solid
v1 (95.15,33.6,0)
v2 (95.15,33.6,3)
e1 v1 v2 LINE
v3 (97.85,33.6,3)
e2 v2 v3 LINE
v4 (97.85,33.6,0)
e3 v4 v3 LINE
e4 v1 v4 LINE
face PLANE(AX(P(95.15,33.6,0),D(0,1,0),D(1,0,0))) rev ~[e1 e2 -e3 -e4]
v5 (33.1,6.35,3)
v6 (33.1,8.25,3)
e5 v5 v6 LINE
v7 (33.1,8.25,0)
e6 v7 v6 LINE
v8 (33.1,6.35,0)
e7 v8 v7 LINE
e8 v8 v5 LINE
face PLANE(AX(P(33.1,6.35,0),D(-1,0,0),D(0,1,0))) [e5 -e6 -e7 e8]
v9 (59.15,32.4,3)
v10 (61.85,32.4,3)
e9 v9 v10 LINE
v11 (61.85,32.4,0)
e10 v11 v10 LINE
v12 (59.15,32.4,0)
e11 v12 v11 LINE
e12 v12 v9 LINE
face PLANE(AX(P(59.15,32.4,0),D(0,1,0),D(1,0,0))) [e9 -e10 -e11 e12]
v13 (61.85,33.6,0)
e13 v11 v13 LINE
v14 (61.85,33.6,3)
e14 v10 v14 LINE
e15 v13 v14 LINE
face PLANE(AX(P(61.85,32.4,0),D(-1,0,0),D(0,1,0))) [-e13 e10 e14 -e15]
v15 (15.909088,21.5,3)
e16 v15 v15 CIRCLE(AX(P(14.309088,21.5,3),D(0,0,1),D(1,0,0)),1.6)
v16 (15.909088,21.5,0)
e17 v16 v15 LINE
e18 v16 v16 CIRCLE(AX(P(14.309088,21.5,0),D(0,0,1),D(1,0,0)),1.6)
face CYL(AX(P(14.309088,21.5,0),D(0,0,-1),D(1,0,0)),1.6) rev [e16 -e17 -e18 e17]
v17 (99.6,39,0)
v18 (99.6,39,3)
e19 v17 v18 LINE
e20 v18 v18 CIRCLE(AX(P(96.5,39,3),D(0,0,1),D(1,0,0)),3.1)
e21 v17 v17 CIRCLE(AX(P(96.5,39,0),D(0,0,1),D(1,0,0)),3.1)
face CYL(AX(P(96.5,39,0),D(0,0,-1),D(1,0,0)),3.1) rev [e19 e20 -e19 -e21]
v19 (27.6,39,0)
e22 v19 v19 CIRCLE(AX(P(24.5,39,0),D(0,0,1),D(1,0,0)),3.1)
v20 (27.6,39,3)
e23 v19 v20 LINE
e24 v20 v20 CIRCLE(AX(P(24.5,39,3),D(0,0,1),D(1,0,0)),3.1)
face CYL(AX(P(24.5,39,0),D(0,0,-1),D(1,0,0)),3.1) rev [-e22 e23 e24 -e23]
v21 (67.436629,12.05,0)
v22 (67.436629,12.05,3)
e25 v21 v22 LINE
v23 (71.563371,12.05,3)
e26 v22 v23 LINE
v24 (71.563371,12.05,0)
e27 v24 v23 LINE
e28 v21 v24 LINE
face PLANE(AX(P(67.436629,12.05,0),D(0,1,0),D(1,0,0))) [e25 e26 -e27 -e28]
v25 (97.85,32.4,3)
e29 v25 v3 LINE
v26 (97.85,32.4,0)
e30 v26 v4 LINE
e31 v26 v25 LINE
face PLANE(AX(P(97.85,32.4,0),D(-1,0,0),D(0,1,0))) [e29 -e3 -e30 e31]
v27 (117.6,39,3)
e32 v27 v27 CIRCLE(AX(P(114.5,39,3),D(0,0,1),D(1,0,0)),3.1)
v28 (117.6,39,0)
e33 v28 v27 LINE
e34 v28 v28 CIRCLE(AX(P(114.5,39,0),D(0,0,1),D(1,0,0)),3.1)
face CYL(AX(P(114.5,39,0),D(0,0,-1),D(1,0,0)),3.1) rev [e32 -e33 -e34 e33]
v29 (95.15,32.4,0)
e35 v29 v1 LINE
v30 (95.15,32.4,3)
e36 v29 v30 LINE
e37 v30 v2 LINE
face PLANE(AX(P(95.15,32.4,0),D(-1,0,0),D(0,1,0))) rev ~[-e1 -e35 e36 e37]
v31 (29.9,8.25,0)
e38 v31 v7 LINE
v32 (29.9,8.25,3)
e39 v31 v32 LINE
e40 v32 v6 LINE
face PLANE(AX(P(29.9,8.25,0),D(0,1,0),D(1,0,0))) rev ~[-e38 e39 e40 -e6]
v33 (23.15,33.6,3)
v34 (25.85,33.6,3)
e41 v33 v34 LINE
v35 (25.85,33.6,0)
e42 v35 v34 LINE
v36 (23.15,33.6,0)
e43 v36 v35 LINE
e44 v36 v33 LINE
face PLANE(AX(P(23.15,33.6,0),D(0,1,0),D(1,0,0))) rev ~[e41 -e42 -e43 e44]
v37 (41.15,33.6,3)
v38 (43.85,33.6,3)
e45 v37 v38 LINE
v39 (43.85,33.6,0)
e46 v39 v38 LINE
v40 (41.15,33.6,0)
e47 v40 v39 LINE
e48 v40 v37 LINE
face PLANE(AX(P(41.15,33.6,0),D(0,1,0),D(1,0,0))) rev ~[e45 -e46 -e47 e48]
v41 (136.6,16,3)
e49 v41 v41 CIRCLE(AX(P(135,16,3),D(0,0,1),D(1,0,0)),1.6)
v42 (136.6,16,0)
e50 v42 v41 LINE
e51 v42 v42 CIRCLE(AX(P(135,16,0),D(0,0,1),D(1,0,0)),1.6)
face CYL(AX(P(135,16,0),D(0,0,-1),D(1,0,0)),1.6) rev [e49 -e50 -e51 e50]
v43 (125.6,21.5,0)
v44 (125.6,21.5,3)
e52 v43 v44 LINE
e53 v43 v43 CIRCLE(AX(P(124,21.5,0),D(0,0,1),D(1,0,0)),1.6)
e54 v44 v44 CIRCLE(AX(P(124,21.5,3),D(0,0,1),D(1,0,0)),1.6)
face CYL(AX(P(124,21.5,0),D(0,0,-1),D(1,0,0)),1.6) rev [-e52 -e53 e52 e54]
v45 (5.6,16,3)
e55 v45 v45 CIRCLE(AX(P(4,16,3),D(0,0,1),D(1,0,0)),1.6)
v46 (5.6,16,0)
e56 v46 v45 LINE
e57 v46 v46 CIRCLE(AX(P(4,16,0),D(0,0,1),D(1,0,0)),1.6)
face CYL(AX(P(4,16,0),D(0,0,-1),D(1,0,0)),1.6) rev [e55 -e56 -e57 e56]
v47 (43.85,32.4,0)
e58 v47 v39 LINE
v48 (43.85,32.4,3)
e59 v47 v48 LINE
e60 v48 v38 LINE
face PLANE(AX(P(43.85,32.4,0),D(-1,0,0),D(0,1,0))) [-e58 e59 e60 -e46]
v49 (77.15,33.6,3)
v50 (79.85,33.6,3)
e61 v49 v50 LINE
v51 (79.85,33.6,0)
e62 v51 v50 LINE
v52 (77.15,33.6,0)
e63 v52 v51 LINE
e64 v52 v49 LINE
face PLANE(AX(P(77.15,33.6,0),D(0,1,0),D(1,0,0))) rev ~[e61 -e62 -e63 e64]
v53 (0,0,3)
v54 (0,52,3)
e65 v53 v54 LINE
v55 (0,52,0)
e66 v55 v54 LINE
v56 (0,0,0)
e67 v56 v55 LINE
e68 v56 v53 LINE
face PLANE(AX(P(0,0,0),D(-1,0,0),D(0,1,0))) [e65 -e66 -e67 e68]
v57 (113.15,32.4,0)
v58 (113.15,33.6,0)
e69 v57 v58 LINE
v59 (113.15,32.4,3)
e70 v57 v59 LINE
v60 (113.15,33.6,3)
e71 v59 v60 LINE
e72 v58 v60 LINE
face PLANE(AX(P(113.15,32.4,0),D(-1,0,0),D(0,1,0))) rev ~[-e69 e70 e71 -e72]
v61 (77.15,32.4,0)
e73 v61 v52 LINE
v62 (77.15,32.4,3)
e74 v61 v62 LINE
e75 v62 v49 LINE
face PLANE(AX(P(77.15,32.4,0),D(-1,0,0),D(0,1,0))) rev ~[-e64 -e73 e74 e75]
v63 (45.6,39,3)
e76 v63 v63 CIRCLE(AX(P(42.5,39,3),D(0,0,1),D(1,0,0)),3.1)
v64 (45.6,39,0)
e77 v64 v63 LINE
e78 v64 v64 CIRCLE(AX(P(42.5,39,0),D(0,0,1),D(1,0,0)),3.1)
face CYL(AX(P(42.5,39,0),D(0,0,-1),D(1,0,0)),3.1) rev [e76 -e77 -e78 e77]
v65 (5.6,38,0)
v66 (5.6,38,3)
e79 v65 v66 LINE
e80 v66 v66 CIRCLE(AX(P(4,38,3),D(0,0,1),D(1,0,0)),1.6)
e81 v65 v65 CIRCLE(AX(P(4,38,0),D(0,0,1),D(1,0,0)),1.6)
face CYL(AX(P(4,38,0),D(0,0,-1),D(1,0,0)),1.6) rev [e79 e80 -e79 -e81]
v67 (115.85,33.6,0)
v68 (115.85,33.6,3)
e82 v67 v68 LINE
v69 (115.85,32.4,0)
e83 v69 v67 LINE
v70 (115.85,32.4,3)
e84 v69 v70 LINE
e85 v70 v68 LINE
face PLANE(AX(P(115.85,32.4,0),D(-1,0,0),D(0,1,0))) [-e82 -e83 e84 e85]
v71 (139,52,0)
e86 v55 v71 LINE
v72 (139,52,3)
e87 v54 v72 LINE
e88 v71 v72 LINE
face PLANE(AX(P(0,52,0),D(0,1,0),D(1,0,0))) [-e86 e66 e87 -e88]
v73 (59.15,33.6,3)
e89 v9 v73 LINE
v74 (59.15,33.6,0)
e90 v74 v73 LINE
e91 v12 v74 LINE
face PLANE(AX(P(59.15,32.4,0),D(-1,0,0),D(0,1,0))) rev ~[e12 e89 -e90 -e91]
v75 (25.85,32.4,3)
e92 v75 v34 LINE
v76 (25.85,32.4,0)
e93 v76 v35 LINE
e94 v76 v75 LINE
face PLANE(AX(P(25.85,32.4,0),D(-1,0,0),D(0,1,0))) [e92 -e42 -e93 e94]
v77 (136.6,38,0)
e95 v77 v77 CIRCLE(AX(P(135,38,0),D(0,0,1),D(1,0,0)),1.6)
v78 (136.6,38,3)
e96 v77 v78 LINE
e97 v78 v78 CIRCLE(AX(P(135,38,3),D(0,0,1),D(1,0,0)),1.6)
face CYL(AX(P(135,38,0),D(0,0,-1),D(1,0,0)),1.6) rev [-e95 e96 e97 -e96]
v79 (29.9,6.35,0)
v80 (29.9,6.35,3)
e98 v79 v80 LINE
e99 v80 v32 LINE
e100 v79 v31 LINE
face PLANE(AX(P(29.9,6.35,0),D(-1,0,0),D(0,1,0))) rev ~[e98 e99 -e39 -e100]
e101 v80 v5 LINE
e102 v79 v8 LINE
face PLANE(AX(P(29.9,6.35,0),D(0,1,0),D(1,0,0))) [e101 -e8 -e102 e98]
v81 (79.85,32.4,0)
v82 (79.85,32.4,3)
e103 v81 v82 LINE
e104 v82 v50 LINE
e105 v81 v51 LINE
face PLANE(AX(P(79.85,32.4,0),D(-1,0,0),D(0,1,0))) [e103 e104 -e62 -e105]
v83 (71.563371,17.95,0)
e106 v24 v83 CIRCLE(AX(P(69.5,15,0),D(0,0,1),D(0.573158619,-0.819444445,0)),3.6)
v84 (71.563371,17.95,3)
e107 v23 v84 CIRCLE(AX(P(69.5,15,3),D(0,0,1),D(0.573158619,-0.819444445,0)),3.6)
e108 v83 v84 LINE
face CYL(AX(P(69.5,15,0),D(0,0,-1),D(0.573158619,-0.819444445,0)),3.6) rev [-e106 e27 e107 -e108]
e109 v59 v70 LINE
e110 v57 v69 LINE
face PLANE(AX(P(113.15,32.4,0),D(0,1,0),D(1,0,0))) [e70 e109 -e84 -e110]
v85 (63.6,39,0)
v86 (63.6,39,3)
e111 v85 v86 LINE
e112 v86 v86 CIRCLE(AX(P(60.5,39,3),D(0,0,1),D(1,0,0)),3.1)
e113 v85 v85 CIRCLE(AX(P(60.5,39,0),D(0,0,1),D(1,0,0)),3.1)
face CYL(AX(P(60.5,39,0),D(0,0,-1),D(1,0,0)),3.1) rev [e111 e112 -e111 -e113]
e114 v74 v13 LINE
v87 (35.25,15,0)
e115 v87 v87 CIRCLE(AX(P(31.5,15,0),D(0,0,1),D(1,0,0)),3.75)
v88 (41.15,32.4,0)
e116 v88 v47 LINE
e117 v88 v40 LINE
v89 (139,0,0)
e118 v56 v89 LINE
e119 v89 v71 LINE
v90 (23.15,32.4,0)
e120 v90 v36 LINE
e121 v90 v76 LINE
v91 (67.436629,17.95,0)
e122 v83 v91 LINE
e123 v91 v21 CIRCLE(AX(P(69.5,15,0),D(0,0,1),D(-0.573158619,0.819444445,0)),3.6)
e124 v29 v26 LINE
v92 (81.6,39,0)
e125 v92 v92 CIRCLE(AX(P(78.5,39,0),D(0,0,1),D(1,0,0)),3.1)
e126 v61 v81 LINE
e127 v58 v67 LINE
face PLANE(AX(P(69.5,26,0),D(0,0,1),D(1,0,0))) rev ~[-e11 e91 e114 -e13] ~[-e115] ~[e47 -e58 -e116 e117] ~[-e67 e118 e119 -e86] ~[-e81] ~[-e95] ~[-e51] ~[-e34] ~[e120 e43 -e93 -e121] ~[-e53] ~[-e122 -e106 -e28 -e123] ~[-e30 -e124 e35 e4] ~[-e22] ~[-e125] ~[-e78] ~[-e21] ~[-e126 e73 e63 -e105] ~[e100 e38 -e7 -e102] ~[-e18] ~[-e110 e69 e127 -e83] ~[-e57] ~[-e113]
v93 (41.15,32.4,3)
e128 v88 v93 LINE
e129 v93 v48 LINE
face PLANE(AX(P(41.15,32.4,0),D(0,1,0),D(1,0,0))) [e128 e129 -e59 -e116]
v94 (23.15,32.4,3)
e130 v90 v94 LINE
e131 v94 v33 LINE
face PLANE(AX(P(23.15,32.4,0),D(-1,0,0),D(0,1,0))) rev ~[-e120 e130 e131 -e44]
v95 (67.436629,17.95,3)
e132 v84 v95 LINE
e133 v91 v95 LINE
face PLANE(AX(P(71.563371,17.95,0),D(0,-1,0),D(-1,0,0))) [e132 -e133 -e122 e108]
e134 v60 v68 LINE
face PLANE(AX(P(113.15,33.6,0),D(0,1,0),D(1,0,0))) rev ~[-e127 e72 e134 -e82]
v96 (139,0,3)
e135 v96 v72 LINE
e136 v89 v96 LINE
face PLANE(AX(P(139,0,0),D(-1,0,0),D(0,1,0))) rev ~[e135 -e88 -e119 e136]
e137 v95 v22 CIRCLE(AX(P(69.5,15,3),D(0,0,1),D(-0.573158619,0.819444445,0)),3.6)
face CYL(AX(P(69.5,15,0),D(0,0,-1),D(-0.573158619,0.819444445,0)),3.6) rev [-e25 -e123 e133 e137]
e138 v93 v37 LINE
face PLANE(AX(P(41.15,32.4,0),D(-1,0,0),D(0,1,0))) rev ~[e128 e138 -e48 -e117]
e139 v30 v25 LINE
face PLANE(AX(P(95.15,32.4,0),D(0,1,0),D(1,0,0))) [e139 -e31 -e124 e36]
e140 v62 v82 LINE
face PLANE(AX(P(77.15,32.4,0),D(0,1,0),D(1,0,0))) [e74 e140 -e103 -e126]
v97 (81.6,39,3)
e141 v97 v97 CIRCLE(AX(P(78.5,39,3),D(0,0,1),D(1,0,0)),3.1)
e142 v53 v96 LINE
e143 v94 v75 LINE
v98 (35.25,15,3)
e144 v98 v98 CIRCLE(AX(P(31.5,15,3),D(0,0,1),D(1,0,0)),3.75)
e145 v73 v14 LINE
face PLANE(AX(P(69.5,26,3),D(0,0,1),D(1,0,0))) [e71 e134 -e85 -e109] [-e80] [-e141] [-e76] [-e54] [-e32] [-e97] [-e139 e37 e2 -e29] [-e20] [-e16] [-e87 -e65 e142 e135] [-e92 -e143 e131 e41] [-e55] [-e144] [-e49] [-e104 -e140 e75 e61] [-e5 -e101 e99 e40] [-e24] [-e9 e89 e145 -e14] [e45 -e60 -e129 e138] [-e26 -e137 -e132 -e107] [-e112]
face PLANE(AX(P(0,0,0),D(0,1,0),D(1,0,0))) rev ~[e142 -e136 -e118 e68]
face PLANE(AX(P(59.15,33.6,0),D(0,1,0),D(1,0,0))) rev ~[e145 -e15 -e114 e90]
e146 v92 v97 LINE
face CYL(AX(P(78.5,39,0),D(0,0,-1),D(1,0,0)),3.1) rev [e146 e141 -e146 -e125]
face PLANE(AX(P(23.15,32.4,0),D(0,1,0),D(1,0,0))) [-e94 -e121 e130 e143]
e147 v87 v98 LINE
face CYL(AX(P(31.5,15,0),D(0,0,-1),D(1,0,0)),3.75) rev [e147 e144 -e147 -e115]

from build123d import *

# Parameters (mm, degrees)
SKETCH1_W           = 139
SKETCH1_H           = 52
SKETCH1_R           = 3.1
SKETCH1_R_2         = 1.6
SKETCH1_R_3         = 3.75
SKETCH1_W_2         = 3.2
SKETCH1_H_2         = 1.9
SKETCH1_W_3         = 2.7
SKETCH1_H_3         = 1.2
BOSS_EXTRUDE1_DEPTH = 3


with BuildPart() as part:
    # Sketch1 → Boss-Extrude1 (new body)
    with BuildSketch(Plane.XY):
        with Locations((69.5, 26)):
            Rectangle(SKETCH1_W, SKETCH1_H)
        with Locations((24.5, 39)):
            Circle(SKETCH1_R, mode=Mode.SUBTRACT)
        with Locations((4, 38)):
            Circle(SKETCH1_R_2, mode=Mode.SUBTRACT)
        with Locations((135, 38)):
            Circle(SKETCH1_R_2, mode=Mode.SUBTRACT)
        with Locations((135, 16)):
            Circle(SKETCH1_R_2, mode=Mode.SUBTRACT)
        with Locations((4, 16)):
            Circle(SKETCH1_R_2, mode=Mode.SUBTRACT)
        with Locations((14.309088021, 21.5)):
            Circle(SKETCH1_R_2, mode=Mode.SUBTRACT)
        with Locations((124, 21.5)):
            Circle(SKETCH1_R_2, mode=Mode.SUBTRACT)
        with Locations((42.5, 39)):
            Circle(SKETCH1_R, mode=Mode.SUBTRACT)
        with Locations((60.5, 39)):
            Circle(SKETCH1_R, mode=Mode.SUBTRACT)
        with Locations((78.5, 39)):
            Circle(SKETCH1_R, mode=Mode.SUBTRACT)
        with Locations((96.5, 39)):
            Circle(SKETCH1_R, mode=Mode.SUBTRACT)
        with Locations((114.5, 39)):
            Circle(SKETCH1_R, mode=Mode.SUBTRACT)
        with Locations((31.5, 15)):
            Circle(SKETCH1_R_3, mode=Mode.SUBTRACT)
        with Locations((31.5, 7.3)):
            Rectangle(SKETCH1_W_2, SKETCH1_H_2, mode=Mode.SUBTRACT)
        with Locations((24.5, 33)):
            Rectangle(SKETCH1_W_3, SKETCH1_H_3, mode=Mode.SUBTRACT)
        with Locations((42.5, 33)):
            Rectangle(SKETCH1_W_3, SKETCH1_H_3, mode=Mode.SUBTRACT)
        with Locations((60.5, 33)):
            Rectangle(SKETCH1_W_3, SKETCH1_H_3, mode=Mode.SUBTRACT)
        with Locations((78.5, 33)):
            Rectangle(SKETCH1_W_3, SKETCH1_H_3, mode=Mode.SUBTRACT)
        with Locations((96.5, 33)):
            Rectangle(SKETCH1_W_3, SKETCH1_H_3, mode=Mode.SUBTRACT)
        with Locations((114.5, 33)):
            Rectangle(SKETCH1_W_3, SKETCH1_H_3, mode=Mode.SUBTRACT)
        with BuildLine():
            Line((67.436628972, 12.05), (71.563371028, 12.05))
            ThreePointArc((71.563371028, 12.05), (73.1, 15), (71.563371028, 17.95))
            Line((71.563371028, 17.95), (67.436628972, 17.95))
            ThreePointArc((67.436628972, 17.95), (65.9, 15), (67.436628972, 12.05))
        make_face(mode=Mode.SUBTRACT)
    extrude(amount=BOSS_EXTRUDE1_DEPTH)


solid = part.part
